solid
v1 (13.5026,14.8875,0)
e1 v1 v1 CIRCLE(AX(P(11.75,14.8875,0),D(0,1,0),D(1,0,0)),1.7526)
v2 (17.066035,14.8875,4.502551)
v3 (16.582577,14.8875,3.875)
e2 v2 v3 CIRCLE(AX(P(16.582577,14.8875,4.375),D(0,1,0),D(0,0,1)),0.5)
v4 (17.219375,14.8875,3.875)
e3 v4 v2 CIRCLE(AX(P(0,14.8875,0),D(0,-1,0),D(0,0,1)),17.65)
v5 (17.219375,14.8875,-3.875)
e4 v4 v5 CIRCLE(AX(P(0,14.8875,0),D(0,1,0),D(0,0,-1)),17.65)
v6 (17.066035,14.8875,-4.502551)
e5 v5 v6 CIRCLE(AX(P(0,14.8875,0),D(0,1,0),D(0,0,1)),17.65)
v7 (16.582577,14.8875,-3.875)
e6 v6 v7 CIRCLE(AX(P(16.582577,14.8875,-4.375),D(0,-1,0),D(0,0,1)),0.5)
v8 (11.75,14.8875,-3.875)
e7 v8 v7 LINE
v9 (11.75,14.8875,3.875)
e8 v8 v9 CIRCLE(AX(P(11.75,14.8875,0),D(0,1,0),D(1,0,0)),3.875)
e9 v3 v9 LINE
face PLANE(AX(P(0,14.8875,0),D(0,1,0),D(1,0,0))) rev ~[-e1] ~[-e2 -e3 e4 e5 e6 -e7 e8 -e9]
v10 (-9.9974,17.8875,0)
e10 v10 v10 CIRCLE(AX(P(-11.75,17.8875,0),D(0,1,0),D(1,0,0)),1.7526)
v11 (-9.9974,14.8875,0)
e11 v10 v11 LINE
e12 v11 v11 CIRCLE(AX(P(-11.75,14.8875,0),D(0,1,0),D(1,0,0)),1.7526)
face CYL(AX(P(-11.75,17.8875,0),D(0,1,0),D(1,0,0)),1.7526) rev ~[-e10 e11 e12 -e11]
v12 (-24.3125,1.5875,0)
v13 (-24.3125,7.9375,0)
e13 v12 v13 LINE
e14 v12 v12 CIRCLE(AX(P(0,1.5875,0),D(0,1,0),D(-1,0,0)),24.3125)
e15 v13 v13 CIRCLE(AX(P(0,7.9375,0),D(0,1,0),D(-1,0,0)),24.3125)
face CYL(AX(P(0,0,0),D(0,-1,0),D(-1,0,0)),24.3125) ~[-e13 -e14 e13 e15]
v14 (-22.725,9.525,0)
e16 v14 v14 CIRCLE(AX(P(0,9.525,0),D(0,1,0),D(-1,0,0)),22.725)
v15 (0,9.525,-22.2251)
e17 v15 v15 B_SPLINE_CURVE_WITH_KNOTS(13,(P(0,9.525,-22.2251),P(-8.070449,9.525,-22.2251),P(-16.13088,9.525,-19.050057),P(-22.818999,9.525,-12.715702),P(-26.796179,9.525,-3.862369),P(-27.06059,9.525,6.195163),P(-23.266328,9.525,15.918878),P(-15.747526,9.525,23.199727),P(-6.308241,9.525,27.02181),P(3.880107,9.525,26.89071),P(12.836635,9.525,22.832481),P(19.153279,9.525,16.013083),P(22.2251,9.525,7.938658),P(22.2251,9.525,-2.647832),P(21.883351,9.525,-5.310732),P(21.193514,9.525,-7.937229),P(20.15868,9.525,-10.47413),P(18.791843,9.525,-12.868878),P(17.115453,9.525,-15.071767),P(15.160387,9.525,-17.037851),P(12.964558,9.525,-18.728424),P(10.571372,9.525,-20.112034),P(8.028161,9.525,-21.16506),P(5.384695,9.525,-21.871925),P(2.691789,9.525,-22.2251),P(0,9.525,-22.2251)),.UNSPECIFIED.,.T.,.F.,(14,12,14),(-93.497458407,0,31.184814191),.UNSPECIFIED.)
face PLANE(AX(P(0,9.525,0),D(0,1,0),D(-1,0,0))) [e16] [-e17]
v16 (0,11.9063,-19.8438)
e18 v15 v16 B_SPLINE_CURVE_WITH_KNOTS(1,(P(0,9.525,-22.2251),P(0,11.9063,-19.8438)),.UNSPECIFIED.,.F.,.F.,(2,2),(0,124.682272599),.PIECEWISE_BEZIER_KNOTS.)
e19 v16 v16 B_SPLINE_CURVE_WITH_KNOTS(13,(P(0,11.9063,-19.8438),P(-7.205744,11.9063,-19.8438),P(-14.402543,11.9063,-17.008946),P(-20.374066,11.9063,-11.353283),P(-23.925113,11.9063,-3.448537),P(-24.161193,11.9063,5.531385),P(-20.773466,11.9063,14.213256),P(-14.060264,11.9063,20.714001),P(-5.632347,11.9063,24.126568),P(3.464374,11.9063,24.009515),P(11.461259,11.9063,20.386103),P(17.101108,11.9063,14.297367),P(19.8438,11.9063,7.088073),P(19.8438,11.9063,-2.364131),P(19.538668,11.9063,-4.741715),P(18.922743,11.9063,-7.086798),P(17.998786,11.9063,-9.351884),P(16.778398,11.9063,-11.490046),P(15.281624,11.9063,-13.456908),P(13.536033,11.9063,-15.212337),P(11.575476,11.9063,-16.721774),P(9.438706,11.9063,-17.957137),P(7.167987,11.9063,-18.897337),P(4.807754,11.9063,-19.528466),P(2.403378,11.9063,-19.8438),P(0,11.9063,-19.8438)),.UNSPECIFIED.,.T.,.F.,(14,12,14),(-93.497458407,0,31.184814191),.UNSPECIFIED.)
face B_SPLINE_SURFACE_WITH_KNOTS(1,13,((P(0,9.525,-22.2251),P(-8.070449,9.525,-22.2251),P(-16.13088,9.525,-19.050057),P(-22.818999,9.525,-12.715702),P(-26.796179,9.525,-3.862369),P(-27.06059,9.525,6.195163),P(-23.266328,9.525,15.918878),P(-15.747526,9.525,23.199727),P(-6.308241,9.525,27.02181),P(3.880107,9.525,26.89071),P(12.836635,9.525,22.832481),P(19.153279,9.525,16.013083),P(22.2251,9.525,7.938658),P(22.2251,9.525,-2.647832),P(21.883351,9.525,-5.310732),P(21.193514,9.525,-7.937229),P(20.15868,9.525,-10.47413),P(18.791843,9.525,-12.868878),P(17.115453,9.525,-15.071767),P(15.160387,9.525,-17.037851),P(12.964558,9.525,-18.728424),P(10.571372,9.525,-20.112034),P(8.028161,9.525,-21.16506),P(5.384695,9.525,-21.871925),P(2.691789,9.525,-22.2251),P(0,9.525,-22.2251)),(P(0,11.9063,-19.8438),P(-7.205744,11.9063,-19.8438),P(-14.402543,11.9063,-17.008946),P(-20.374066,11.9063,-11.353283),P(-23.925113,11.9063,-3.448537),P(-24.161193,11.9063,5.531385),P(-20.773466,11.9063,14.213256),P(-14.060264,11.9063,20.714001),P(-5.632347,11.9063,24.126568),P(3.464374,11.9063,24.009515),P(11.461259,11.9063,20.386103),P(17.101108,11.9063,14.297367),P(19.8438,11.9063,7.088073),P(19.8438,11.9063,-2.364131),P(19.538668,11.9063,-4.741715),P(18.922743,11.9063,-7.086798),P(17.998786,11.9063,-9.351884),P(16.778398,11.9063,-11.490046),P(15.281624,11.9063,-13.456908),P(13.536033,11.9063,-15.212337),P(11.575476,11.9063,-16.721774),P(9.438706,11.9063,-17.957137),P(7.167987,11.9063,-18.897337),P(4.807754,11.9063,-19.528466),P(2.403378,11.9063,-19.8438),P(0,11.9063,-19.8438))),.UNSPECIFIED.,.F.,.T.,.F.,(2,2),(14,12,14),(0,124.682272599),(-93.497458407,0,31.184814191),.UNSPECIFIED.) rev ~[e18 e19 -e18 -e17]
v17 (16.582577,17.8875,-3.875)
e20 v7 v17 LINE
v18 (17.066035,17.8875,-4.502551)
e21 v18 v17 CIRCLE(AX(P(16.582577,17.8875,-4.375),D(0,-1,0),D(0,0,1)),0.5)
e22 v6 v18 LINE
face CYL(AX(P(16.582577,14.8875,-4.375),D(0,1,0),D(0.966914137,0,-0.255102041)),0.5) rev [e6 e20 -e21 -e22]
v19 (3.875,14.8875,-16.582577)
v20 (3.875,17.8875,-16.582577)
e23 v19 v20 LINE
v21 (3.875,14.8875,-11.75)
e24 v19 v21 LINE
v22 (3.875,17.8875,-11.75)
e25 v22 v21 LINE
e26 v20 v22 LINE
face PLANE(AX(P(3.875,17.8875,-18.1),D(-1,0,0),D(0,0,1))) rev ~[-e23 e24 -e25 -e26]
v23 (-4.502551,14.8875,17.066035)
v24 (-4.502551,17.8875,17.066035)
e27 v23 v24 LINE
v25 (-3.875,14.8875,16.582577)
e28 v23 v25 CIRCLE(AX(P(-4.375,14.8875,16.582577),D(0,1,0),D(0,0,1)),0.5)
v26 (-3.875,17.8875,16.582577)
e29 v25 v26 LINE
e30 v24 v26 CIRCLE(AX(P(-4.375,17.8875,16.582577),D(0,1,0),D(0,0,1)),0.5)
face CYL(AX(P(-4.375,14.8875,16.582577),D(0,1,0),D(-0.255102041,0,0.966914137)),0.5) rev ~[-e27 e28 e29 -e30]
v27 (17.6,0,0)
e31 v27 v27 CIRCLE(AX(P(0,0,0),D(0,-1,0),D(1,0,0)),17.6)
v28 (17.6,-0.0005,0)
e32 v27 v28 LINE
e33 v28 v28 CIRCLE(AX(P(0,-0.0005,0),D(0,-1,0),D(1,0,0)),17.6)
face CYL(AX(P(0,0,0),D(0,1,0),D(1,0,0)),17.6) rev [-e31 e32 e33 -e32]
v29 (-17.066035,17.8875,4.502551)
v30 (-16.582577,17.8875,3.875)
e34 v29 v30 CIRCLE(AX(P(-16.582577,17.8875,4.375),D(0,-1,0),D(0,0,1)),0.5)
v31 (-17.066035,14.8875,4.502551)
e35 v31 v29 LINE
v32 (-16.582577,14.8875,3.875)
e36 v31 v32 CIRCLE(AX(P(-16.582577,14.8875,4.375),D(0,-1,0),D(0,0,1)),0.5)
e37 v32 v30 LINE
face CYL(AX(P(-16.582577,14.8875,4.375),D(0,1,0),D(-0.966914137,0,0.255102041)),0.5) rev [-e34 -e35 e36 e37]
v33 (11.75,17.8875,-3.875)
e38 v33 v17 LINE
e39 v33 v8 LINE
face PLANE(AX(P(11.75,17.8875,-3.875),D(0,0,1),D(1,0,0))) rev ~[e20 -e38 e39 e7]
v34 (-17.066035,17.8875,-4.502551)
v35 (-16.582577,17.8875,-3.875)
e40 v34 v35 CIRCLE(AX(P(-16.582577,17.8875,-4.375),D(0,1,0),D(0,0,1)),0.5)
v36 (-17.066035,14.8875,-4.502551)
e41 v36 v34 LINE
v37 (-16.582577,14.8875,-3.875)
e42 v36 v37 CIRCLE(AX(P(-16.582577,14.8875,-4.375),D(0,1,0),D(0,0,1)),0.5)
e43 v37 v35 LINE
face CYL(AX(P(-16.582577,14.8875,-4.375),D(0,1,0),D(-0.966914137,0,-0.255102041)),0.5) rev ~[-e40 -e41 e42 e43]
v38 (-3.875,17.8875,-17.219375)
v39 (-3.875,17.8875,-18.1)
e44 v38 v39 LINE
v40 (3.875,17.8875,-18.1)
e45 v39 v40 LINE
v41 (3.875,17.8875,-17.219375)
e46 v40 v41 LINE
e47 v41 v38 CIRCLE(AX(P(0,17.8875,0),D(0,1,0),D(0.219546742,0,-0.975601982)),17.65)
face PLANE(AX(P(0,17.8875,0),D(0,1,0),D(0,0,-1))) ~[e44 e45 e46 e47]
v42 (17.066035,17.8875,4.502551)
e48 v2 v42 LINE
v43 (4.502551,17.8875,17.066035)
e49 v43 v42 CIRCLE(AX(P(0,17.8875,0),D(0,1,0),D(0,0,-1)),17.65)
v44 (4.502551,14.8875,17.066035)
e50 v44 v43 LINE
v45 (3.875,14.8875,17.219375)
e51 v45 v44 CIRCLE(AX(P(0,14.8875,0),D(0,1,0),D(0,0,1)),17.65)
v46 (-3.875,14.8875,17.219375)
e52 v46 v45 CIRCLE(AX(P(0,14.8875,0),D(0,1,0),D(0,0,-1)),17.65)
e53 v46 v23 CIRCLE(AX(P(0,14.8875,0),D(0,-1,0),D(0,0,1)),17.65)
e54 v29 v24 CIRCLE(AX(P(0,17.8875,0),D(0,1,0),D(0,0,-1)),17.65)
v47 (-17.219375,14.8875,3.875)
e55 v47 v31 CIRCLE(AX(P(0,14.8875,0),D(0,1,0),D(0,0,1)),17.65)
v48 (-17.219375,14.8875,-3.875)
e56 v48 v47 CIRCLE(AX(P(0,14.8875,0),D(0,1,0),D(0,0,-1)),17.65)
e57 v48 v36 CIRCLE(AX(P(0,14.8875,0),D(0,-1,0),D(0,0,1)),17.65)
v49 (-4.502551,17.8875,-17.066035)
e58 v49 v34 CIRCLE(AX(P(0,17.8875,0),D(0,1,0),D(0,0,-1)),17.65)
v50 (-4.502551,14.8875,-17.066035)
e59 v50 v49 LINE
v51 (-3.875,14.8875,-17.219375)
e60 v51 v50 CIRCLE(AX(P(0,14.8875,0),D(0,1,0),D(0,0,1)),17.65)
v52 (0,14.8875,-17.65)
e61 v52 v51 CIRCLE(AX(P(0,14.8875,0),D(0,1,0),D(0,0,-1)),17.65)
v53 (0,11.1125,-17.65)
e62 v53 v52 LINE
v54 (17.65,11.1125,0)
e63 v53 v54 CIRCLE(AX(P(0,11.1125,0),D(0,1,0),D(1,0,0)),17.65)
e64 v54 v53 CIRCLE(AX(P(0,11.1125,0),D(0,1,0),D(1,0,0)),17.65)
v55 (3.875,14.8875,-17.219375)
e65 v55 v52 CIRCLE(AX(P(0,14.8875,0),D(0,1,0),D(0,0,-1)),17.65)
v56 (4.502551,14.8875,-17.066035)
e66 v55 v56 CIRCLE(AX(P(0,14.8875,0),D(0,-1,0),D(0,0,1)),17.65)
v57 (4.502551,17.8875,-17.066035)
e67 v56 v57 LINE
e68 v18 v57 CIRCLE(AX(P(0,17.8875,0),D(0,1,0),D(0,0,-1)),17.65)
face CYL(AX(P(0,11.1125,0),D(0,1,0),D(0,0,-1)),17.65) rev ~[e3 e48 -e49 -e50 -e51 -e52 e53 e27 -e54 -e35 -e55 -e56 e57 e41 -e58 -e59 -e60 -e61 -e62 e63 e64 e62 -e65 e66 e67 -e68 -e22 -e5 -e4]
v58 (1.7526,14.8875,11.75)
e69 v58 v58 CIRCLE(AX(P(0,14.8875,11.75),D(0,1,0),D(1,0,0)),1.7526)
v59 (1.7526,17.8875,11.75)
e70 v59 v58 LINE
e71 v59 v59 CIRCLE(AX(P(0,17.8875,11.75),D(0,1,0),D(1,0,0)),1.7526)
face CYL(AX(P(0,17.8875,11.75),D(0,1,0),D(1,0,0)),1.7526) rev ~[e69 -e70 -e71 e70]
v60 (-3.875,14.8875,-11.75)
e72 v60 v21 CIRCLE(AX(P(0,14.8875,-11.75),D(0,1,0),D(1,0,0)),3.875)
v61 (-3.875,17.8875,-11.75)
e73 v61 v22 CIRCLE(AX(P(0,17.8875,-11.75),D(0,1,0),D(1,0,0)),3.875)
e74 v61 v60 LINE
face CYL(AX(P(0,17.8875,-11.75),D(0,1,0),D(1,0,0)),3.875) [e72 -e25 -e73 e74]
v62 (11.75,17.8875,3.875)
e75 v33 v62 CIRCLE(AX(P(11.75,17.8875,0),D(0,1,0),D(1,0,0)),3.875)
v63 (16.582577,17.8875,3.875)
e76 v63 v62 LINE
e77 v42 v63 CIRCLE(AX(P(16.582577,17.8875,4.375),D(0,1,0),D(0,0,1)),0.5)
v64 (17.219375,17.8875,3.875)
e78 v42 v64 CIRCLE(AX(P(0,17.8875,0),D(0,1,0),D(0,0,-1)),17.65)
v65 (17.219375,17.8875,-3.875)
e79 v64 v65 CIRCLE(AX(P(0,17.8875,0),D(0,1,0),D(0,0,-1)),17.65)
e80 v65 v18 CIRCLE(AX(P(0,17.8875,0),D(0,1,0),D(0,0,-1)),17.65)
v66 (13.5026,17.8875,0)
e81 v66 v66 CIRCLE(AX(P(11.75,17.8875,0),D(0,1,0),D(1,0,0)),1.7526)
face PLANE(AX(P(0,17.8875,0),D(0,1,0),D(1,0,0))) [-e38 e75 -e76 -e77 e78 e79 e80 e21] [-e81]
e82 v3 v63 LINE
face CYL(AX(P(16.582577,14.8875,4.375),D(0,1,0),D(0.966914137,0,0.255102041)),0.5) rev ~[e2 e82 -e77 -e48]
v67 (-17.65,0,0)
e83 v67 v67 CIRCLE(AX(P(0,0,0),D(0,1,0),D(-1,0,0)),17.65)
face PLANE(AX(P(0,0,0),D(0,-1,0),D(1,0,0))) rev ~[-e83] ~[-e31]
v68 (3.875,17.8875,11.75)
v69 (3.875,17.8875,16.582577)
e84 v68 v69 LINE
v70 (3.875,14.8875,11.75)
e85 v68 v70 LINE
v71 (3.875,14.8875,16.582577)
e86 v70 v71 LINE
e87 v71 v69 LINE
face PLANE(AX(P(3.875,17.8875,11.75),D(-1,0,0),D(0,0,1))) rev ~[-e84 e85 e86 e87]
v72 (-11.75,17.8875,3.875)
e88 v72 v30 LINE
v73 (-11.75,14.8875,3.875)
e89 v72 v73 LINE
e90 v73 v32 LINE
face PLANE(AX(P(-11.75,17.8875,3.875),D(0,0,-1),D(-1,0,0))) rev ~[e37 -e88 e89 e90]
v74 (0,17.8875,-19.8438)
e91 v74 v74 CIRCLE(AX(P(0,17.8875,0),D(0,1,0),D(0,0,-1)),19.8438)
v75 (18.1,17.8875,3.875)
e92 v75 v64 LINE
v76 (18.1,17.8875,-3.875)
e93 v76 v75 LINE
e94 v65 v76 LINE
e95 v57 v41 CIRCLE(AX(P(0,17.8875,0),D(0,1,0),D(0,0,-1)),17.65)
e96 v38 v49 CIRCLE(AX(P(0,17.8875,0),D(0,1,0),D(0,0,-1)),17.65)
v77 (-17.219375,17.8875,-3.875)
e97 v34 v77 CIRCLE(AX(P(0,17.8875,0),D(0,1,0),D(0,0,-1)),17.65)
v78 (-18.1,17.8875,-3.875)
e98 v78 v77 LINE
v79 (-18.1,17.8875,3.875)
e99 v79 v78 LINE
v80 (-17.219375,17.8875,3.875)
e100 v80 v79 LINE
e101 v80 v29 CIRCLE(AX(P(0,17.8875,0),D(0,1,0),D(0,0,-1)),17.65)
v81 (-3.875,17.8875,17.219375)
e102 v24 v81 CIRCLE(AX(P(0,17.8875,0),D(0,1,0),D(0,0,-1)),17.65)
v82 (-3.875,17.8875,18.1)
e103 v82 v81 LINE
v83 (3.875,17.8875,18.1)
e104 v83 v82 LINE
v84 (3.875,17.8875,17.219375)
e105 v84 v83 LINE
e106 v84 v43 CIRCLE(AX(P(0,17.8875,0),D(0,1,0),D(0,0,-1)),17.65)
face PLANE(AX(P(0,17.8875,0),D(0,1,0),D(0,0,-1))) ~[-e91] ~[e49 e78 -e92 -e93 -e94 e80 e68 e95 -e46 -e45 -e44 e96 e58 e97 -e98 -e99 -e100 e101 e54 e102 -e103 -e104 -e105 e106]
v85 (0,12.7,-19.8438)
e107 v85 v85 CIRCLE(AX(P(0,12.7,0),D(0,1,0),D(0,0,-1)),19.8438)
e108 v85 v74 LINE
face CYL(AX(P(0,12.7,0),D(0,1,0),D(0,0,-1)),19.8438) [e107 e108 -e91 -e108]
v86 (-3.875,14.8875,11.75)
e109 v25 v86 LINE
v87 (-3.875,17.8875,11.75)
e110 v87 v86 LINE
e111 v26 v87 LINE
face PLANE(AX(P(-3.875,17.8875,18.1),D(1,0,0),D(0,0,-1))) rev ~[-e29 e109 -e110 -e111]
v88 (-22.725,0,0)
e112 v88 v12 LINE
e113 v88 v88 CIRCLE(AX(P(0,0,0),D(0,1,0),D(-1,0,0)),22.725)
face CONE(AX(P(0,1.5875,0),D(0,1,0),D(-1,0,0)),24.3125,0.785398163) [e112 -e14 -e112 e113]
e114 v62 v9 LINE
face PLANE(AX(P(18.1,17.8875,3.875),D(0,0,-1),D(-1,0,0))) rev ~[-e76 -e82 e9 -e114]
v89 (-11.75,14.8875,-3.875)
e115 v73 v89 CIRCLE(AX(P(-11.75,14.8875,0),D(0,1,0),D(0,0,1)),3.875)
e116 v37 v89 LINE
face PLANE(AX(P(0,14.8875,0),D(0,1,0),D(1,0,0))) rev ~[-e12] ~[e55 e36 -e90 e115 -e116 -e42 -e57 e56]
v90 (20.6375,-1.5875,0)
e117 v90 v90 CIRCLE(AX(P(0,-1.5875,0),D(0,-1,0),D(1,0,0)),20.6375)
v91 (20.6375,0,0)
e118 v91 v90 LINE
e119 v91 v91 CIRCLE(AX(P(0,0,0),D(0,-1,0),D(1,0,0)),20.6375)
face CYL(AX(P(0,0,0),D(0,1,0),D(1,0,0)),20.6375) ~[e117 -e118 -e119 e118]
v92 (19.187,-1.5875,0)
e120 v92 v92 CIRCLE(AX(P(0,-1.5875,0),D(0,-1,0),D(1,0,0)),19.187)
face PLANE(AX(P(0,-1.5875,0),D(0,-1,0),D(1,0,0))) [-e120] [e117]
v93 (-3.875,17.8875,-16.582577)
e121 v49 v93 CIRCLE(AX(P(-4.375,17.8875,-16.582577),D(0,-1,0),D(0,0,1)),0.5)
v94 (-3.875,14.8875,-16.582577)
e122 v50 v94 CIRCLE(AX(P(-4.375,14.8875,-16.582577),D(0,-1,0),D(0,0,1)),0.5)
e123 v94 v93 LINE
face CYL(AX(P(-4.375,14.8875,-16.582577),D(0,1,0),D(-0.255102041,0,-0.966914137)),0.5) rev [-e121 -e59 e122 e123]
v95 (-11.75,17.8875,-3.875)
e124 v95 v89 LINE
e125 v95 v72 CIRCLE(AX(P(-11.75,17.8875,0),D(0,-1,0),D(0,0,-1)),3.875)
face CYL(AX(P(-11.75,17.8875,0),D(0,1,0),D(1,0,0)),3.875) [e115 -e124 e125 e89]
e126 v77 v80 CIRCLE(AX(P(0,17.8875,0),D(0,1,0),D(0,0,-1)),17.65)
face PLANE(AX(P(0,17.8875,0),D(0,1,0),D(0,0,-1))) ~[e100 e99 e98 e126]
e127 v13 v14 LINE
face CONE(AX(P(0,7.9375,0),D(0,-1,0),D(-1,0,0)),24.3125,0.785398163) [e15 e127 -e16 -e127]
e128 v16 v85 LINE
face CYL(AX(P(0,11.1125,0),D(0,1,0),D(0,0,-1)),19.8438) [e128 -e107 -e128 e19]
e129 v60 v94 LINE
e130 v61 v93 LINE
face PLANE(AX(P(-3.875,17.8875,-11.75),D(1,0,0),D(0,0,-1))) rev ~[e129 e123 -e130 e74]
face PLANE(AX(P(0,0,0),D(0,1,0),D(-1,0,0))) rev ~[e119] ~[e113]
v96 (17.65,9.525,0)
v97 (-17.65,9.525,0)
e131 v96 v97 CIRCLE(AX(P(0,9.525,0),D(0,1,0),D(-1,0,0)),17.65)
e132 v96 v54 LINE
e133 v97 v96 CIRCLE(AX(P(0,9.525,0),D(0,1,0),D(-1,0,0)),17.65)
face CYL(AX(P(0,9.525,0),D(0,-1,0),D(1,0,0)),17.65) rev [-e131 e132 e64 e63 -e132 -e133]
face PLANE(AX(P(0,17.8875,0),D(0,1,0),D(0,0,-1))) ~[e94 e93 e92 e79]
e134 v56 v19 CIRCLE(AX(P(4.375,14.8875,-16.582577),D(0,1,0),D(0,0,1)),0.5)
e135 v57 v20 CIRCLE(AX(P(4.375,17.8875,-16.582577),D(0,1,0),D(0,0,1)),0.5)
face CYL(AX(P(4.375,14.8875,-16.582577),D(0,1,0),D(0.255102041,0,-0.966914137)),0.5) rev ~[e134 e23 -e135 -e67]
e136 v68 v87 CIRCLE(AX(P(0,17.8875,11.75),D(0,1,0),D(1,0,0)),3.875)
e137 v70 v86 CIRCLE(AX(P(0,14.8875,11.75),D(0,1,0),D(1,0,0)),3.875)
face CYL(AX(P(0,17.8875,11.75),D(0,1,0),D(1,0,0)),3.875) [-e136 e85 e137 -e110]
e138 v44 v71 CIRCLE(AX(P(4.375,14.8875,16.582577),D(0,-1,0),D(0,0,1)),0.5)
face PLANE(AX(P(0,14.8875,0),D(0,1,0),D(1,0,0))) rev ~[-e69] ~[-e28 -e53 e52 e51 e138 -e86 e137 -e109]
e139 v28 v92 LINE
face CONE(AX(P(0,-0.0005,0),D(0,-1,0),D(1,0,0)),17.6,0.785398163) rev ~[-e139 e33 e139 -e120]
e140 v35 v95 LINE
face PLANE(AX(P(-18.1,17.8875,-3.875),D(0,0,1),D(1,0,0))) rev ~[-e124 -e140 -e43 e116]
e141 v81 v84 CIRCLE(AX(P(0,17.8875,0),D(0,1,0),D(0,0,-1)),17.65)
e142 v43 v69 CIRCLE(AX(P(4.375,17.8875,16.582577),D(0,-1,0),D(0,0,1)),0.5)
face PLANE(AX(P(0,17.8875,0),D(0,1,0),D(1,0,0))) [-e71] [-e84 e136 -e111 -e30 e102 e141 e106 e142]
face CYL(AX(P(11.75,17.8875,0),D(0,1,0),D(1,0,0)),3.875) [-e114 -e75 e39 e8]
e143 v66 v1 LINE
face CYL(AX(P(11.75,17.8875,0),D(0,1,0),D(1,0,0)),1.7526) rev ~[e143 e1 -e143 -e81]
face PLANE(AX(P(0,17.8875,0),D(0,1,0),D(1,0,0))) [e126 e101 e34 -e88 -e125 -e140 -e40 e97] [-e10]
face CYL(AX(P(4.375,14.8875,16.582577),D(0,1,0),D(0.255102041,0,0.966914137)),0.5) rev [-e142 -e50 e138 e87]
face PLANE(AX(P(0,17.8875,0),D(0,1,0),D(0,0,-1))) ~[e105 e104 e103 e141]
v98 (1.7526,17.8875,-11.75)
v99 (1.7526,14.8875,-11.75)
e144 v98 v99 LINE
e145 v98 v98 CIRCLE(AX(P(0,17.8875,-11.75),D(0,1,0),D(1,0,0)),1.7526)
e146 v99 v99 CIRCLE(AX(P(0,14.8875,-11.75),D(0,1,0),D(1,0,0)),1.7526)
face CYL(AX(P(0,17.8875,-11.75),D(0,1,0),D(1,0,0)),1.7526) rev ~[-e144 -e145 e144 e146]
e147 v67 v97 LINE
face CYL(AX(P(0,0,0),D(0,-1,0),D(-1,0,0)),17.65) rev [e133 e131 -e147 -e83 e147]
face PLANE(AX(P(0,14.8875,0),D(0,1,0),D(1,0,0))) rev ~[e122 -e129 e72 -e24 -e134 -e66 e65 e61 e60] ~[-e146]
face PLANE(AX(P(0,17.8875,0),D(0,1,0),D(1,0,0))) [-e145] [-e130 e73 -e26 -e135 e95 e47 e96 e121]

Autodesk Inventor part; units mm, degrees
ref_plane "YZ Plane" through (0, 0, 0) normal (1, 0, 0) x (0, 1, 0)
ref_plane "XZ Plane" through (0, 0, 0) normal (0, 1, 0) x (-1, 0, 0)
sketch "Sketch1" plane through (0, 0, 0) normal (0, 1, 0) x (-1, 0, 0)
  circle A0 centre (0, 0) radius 22.225 construction
  circle A1 centre (0, 0) radius 17.65
  circle A2 centre (0, 0) radius 24.3125
  dimension "d0" = 44.45
  dimension "d1" = 35.3
  dimension "d2" = 48.625
extrude "Extrusion1" add sketch "Sketch1" along normal blind 9.525
sketch "Sketch2" plane through (0, 0, 0) normal (0, -1, 0) x (1, 0, 0)
  circle A0 centre (0, 0) radius 17.6
  circle A1 centre (0, 0) radius 20.6375
  dimension "d5" = 41.275
  dimension "d6" = 35.2
extrude "Extrusion2" add sketch "Sketch2" along normal blind 1.5875
sketch "Sketch3" plane through (0, 9.525, 0) normal (0, 1, 0) x (1, 0, 0)
  circle A0 centre (0, 0) radius 17.65
  circle A1 centre (0, 0) radius 19.8438
  dimension "d9" = 35.3
  dimension "d10" = 39.6875
extrude "Extrusion3" add sketch "Sketch3" along normal blind 1.5875
sketch "Sketch4" plane through (0, 0, 0) normal (1, 0, 0) x (0, 1, 0)
  line L0 (11.1125, -17.65) -> (17.8875, -17.65)
  line L1 (17.8875, -17.65) -> (17.8875, -20.6375)
  line L2 (17.8875, -20.6375) -> (11.1125, -20.6375) construction
  line L3 (11.1125, -20.6375) -> (11.1125, -17.65)
  line L4 (11.1125, -19.8438) -> (11.1125, 19.8438) projected
  line L5 (12.7, -17.65) -> (12.7, -20.6375) construction
  line L6 (11.1125, -19.8438) -> (12.7, -19.8438)
  line L7 (12.7, -19.8438) -> (17.8875, -19.8438)
  line L8 (0, 0) -> (25.7056, 0) construction
  line L9 (-11.1125, 0) -> (-11.1125, -19.8438) construction
  line L10 (0, 20.6375) -> (0, -20.6375) projected
  dimension "d13" = 17.65
  dimension "d14" = 20.6375
  dimension "d16" = 1.5875
  dimension "d18" = 19.8438
  dimension "d84" = 11.1125
  dimension "d85" = 29
revolve "Revolution1" add sketch "Sketch4" angle 360 about axis through (0, 0, 0) along (0, 1, 0)
ref_plane "Work Plane1" through (0, 4.7625, 0) normal (0, 1, 0) x (1, 0, 0)
sketch "Sketch11" plane through (0, 17.8875, 0) normal (0, 1, 0) x (1, 0, 0)
  circle A0 centre (0, 0) radius 11.75 construction
  line L0 (0, 0) -> (-11.75, 0) construction
  circle A1 centre (-11.75, 0) radius 3.875
  line L1 (-11.75, -3.875) -> (-18.1, -3.875)
  line L2 (-18.1, -3.875) -> (-18.1, 3.875)
  line L3 (-18.1, 3.875) -> (-11.75, 3.875)
  line L4 (-11.75, 3.875) -> (-11.75, -3.875) construction
  circle A2 centre (0, -11.75) radius 3.875
  line L5 (3.875, -11.75) -> (3.875, -18.1)
  line L6 (3.875, -18.1) -> (-3.875, -18.1)
  line L7 (-3.875, -18.1) -> (-3.875, -11.75)
  line L8 (-3.875, -11.75) -> (3.875, -11.75) construction
  circle A3 centre (11.75, 0) radius 3.875
  line L9 (11.75, 3.875) -> (18.1, 3.875)
  line L10 (18.1, 3.875) -> (18.1, -3.875)
  line L11 (18.1, -3.875) -> (11.75, -3.875)
  line L12 (11.75, -3.875) -> (11.75, 3.875) construction
  circle A4 centre (0, 11.75) radius 3.875
  line L13 (-3.875, 11.75) -> (-3.875, 18.1)
  line L14 (-3.875, 18.1) -> (3.875, 18.1)
  line L15 (3.875, 18.1) -> (3.875, 11.75)
  line L16 (3.875, 11.75) -> (-3.875, 11.75) construction
  circle A5 centre (0, -11.75) radius 1.7526
  circle A6 centre (11.75, 0) radius 1.7526
  circle A7 centre (0, 11.75) radius 1.7526
  circle A8 centre (-11.75, 0) radius 1.7526
  point P0 (3.875, 11.75)
  point P1 (11.75, -3.875)
  point P2 (-3.875, -11.75)
  point P3 (-11.75, 3.875)
  dimension "d121" = 23.5
  dimension "d122" = 7.75
  dimension "d123" = 6.35
  dimension "d126" = 360
  dimension "d134" = 3.5052
  dimension "d137" = 360
extrude "Extrusion10" add sketch "Sketch11" against normal blind 3
fillet "Fillet5" radius 0.5 8 edges at (-17.2194, 16.3875, -3.875) (-17.2194, 16.3875, 3.875) (-3.875, 16.3875, 17.2194) (3.875, 16.3875, 17.2194) (17.2194, 16.3875, -3.875) (17.2194, 16.3875, 3.875) (-3.875, 16.3875, -17.2194) (3.875, 16.3875, -17.2194)
chamfer "Chamfer5" distance 1.5875 angle 45 1 edges at (-17.6, -1.5875, 0)
chamfer "Chamfer6" distance 1.5875 angle 45 2 edges at (24.3125, 9.525, 0) (24.3125, 0, 0)
chamfer "Chamfer8" distance 2.3813 angle 45 1 edges at (-19.8438, 9.525, 0)
properties part number "Motor Hub" material "Nylon 6/6"
